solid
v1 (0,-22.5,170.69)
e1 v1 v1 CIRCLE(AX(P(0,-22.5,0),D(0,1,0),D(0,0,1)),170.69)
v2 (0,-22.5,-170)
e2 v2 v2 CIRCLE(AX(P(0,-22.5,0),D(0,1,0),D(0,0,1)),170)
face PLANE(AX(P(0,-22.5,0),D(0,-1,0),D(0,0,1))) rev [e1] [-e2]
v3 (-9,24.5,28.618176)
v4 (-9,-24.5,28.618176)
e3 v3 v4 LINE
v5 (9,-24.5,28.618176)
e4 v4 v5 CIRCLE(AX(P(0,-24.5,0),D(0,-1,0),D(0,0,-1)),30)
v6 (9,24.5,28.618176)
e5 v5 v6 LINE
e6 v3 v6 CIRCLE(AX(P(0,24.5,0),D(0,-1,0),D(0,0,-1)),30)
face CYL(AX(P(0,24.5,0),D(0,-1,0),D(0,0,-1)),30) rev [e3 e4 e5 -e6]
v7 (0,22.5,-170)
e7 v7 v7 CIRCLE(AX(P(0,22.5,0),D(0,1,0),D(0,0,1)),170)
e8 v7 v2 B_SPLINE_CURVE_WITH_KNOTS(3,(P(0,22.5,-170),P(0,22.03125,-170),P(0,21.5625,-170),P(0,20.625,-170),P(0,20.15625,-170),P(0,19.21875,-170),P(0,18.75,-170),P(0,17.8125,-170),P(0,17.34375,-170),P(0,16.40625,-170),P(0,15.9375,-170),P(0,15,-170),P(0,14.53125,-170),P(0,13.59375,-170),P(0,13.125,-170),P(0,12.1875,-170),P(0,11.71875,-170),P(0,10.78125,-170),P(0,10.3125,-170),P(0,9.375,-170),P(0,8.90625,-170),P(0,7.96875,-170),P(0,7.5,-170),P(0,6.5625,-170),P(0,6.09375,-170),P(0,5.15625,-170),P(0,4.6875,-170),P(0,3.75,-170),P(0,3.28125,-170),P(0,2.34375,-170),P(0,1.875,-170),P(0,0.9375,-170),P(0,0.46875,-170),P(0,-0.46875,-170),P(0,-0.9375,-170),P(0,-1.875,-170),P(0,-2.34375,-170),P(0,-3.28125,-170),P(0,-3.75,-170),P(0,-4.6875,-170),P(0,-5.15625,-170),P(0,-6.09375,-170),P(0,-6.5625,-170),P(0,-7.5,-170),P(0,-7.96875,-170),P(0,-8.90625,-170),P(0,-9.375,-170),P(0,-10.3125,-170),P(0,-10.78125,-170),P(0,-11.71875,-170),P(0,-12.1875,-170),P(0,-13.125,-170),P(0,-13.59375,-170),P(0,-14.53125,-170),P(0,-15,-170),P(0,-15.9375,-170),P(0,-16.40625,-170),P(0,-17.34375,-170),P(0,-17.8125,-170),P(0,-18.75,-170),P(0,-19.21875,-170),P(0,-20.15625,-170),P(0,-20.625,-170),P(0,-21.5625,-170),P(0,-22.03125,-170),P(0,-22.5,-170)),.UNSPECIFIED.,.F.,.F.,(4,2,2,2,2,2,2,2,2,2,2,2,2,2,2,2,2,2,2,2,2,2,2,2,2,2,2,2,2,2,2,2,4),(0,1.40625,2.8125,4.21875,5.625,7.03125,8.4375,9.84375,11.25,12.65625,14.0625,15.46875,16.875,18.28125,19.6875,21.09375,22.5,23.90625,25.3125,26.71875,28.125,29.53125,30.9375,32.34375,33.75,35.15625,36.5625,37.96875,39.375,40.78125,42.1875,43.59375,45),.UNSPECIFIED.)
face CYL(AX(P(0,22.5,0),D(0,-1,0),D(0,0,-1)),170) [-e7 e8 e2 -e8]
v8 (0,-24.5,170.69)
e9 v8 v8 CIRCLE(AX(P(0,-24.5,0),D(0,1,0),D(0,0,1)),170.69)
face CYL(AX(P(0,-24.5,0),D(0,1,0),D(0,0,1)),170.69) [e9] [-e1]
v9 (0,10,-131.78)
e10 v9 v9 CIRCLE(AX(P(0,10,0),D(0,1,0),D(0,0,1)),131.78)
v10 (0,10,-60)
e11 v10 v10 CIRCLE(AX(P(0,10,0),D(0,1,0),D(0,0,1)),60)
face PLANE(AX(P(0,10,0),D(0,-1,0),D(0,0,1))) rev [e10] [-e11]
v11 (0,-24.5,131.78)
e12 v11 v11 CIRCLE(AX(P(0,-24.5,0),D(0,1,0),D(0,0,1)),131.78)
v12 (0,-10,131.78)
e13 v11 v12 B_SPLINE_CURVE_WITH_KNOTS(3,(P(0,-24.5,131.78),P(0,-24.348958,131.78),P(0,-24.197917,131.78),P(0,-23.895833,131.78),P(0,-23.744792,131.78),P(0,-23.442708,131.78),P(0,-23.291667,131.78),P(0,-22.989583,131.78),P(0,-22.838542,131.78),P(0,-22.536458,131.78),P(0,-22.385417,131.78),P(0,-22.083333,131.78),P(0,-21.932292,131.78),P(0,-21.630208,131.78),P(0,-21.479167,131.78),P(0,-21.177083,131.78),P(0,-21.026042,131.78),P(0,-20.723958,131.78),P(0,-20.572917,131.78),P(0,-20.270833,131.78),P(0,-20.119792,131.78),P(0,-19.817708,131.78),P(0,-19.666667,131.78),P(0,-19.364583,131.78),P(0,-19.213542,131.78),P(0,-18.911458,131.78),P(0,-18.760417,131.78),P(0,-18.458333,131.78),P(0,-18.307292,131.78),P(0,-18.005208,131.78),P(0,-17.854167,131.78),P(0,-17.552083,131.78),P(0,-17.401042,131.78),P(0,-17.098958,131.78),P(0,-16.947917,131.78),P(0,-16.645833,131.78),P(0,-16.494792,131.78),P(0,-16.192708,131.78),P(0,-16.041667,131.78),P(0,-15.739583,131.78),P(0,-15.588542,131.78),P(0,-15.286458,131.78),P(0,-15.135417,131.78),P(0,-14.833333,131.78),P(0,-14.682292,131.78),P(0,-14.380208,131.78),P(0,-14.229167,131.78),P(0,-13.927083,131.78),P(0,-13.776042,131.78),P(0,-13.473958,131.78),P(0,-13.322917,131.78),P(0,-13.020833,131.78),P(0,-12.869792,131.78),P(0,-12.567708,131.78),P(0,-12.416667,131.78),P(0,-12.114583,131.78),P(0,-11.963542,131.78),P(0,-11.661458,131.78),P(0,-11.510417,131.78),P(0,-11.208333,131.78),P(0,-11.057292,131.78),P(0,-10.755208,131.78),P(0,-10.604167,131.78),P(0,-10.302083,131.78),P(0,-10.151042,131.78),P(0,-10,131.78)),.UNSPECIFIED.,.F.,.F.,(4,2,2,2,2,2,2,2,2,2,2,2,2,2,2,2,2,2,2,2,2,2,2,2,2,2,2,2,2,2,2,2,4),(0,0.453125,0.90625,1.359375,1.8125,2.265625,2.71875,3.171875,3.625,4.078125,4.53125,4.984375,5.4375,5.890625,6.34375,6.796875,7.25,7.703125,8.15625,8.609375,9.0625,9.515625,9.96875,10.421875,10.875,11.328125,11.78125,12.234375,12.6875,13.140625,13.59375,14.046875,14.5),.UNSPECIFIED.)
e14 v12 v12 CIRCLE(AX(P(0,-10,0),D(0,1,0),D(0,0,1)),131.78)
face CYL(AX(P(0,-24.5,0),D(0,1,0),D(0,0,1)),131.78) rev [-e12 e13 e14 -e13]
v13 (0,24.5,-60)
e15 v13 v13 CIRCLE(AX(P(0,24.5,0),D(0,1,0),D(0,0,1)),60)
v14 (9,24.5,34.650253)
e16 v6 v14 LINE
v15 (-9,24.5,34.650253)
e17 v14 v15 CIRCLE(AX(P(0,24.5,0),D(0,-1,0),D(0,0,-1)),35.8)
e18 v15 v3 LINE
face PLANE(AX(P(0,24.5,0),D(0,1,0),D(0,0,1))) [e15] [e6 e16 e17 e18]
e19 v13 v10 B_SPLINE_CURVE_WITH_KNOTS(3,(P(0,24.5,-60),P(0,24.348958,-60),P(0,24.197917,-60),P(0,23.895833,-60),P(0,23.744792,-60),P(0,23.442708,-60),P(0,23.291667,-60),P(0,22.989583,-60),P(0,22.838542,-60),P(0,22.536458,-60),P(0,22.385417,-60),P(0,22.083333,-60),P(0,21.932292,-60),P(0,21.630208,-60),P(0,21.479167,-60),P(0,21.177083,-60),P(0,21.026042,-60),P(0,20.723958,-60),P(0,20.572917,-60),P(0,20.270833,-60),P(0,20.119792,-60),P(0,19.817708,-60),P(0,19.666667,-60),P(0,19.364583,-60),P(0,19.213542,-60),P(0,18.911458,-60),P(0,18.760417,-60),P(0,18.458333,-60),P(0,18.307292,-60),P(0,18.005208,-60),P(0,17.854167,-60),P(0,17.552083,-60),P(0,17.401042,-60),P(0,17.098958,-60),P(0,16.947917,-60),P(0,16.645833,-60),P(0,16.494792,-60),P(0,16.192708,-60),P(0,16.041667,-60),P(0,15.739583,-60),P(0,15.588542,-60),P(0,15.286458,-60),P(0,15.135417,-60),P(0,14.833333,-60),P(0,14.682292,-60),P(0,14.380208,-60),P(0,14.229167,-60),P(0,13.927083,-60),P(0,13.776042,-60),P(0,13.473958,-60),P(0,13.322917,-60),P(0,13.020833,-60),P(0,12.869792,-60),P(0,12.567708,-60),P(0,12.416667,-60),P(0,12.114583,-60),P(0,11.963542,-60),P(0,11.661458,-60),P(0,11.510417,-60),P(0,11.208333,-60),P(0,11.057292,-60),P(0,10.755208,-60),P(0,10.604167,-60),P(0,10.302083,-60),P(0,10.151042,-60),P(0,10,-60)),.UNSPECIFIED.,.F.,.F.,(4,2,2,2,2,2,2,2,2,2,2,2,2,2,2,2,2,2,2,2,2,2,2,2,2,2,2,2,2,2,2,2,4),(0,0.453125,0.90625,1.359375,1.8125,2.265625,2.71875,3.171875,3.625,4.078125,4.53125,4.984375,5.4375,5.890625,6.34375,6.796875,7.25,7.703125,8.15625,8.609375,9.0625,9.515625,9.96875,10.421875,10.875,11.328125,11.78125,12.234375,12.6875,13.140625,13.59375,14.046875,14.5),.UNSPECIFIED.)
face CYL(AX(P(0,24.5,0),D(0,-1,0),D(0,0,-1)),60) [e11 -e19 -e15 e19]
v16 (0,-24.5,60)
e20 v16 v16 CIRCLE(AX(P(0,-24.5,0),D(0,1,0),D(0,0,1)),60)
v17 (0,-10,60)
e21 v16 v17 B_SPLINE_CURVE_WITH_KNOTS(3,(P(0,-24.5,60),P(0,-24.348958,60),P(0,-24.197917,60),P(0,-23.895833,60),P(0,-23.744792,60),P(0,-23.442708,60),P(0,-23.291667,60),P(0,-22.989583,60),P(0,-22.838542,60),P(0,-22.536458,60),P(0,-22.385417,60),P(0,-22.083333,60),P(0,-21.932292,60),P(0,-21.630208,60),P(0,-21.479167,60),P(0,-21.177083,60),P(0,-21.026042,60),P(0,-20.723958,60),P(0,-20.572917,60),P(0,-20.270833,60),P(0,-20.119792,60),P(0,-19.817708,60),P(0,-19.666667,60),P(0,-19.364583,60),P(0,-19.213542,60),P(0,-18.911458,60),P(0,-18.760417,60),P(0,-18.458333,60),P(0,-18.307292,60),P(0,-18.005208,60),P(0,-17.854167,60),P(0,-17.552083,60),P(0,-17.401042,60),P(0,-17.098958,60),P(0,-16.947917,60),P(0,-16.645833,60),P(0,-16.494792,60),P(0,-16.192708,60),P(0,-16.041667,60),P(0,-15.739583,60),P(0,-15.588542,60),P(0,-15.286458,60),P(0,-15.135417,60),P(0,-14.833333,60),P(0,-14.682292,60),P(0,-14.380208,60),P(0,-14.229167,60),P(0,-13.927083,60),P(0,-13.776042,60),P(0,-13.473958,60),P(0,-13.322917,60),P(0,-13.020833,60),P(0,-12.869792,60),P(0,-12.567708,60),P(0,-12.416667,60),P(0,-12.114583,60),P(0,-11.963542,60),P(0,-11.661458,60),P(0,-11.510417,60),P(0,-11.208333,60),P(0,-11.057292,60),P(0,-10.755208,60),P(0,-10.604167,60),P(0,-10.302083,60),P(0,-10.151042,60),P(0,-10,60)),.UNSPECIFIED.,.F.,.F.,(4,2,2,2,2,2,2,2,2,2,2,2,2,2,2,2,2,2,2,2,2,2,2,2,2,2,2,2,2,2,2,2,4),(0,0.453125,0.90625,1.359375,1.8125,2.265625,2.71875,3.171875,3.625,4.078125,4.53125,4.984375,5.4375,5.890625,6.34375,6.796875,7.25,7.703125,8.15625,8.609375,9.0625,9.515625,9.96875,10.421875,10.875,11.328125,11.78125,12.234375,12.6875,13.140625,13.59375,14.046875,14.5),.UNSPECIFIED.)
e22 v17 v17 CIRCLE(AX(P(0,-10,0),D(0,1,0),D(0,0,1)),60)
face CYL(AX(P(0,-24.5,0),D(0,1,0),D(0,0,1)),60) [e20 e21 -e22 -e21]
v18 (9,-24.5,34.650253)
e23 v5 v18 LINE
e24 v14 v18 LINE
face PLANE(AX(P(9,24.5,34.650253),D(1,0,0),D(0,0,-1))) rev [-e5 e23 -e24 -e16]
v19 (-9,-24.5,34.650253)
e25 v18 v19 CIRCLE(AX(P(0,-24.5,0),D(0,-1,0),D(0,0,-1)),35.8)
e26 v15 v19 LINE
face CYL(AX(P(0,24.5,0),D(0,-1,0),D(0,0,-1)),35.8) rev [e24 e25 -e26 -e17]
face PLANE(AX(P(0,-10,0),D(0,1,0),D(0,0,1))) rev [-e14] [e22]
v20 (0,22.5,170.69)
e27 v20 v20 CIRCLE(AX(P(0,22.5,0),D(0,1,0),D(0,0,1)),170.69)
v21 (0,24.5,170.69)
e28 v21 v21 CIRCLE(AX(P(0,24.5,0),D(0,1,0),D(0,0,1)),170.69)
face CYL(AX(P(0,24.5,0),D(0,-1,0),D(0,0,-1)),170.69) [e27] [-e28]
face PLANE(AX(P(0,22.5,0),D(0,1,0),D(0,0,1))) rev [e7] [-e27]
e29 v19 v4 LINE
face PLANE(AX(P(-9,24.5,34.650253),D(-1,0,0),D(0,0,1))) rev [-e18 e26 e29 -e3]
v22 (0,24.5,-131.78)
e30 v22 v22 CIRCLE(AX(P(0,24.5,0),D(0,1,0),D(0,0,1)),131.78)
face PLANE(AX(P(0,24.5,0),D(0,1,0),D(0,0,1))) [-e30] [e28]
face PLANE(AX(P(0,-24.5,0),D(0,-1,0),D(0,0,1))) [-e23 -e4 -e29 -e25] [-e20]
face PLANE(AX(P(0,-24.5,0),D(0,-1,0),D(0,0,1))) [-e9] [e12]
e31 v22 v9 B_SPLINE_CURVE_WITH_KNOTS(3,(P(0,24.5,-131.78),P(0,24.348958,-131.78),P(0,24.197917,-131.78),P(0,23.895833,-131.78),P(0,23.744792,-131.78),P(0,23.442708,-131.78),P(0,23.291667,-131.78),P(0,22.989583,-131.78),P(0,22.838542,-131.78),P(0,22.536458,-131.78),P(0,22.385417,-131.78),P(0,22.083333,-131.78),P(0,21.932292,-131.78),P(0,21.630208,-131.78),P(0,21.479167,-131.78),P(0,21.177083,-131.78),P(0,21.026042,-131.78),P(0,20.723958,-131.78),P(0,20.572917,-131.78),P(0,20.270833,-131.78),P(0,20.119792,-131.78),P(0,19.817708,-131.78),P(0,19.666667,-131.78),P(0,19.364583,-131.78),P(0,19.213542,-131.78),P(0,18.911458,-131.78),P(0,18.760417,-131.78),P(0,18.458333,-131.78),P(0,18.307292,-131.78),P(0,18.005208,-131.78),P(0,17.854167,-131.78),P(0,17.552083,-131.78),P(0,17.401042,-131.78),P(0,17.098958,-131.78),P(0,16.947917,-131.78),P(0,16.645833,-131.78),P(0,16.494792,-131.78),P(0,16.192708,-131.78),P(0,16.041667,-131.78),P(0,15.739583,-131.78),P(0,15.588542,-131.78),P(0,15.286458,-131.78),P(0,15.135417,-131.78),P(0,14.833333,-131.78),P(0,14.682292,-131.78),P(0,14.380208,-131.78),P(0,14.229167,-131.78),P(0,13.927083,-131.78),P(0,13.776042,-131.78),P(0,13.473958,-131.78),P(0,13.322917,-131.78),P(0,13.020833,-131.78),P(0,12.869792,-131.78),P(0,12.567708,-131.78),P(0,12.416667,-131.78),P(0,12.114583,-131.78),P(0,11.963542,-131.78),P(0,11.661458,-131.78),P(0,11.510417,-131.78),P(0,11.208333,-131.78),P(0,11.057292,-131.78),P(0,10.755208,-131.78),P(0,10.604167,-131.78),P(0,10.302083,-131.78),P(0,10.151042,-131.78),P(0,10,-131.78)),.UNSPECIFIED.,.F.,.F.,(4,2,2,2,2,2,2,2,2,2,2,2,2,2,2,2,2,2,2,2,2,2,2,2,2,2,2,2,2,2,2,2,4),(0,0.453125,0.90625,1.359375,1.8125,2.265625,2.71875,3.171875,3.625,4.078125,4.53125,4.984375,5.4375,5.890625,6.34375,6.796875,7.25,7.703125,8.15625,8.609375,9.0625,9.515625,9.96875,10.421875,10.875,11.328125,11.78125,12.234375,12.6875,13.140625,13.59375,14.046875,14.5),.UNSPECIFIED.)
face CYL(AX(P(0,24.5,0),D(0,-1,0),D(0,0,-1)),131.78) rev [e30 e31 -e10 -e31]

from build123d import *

# Parameters (mm, degrees)
SKETCH1_R           = 170
BOSS_EXTRUDE1_DEPTH = 22.5
SKETCH2_R           = 170.69
BOSS_EXTRUDE2_DEPTH = 2
CUT_EXTRUDE1_START  = -10
SKETCH3_R           = 131.78
SKETCH3_R_2         = 60
CUT_EXTRUDE1_DEPTH  = 233.632236523
SKETCH4_R           = 30
CUT_EXTRUDE2_DEPTH  = 247.315148133
CUT_EXTRUDE3_DEPTH  = 247.315148133


with BuildPart() as part:
    # Sketch1 → Boss-Extrude1 (new, symmetric)
    with BuildSketch(Plane(origin=(0, 0, 0), x_dir=(1, 0, 0), z_dir=(0, 1, 0))):
        with Locations(Location((0, 0, 0), (0, 0, 90))):
            Circle(SKETCH1_R)
    extrude(amount=BOSS_EXTRUDE1_DEPTH, both=True)

    # Sketch2 → Boss-Extrude2 (add)
    with BuildSketch(Plane(origin=(0, 22.5, 0), x_dir=(1, 0, 0), z_dir=(0, 1, 0))):
        with Locations(Location((0, 0, 0), (0, 0, 270))):
            Circle(SKETCH2_R)
    boss_extrude2 = extrude(amount=BOSS_EXTRUDE2_DEPTH)

    # Mirror1: Boss-Extrude2 across plane
    add(boss_extrude2.mirror(Plane.ZX))

    # Sketch3 → Cut-Extrude1 (cut, through all)
    with BuildSketch(Plane(origin=(0, 0, 0), x_dir=(1, 0, 0), z_dir=(0, 1, 0)).offset(CUT_EXTRUDE1_START)):
        with Locations(Location((0, 0, 0), (0, 0, 270))):
            Circle(SKETCH3_R)
        with Locations(Location((0, 0, 0), (0, 0, 270))):
            Circle(SKETCH3_R_2, mode=Mode.SUBTRACT)
    cut_extrude1 = extrude(amount=-CUT_EXTRUDE1_DEPTH, mode=Mode.SUBTRACT)

    # Mirror3: Cut-Extrude1 across plane
    add(cut_extrude1.mirror(Plane.ZX), mode=Mode.SUBTRACT)

    # Sketch4 → Cut-Extrude2 (cut, through all)
    with BuildSketch(Plane.XZ.offset(24.5)):
        with Locations(Location((0, 0, 0), (0, 0, 270))):
            Circle(SKETCH4_R)
    extrude(amount=-CUT_EXTRUDE2_DEPTH, mode=Mode.SUBTRACT)

    # Sketch5 → Cut-Extrude3 (cut, through all)
    with BuildSketch(Plane.XZ.offset(24.5)):
        with BuildLine():
            Line((-9, 34.650252524), (-9, 18.069809638))
            Line((-9, 18.069809638), (9, 18.069809638))
            Line((9, 18.069809638), (9, 34.650252524))
            ThreePointArc((9, 34.650252524), (0, 35.8), (-9, 34.650252524))
        make_face()
    extrude(amount=-CUT_EXTRUDE3_DEPTH, mode=Mode.SUBTRACT)


solid = part.part
